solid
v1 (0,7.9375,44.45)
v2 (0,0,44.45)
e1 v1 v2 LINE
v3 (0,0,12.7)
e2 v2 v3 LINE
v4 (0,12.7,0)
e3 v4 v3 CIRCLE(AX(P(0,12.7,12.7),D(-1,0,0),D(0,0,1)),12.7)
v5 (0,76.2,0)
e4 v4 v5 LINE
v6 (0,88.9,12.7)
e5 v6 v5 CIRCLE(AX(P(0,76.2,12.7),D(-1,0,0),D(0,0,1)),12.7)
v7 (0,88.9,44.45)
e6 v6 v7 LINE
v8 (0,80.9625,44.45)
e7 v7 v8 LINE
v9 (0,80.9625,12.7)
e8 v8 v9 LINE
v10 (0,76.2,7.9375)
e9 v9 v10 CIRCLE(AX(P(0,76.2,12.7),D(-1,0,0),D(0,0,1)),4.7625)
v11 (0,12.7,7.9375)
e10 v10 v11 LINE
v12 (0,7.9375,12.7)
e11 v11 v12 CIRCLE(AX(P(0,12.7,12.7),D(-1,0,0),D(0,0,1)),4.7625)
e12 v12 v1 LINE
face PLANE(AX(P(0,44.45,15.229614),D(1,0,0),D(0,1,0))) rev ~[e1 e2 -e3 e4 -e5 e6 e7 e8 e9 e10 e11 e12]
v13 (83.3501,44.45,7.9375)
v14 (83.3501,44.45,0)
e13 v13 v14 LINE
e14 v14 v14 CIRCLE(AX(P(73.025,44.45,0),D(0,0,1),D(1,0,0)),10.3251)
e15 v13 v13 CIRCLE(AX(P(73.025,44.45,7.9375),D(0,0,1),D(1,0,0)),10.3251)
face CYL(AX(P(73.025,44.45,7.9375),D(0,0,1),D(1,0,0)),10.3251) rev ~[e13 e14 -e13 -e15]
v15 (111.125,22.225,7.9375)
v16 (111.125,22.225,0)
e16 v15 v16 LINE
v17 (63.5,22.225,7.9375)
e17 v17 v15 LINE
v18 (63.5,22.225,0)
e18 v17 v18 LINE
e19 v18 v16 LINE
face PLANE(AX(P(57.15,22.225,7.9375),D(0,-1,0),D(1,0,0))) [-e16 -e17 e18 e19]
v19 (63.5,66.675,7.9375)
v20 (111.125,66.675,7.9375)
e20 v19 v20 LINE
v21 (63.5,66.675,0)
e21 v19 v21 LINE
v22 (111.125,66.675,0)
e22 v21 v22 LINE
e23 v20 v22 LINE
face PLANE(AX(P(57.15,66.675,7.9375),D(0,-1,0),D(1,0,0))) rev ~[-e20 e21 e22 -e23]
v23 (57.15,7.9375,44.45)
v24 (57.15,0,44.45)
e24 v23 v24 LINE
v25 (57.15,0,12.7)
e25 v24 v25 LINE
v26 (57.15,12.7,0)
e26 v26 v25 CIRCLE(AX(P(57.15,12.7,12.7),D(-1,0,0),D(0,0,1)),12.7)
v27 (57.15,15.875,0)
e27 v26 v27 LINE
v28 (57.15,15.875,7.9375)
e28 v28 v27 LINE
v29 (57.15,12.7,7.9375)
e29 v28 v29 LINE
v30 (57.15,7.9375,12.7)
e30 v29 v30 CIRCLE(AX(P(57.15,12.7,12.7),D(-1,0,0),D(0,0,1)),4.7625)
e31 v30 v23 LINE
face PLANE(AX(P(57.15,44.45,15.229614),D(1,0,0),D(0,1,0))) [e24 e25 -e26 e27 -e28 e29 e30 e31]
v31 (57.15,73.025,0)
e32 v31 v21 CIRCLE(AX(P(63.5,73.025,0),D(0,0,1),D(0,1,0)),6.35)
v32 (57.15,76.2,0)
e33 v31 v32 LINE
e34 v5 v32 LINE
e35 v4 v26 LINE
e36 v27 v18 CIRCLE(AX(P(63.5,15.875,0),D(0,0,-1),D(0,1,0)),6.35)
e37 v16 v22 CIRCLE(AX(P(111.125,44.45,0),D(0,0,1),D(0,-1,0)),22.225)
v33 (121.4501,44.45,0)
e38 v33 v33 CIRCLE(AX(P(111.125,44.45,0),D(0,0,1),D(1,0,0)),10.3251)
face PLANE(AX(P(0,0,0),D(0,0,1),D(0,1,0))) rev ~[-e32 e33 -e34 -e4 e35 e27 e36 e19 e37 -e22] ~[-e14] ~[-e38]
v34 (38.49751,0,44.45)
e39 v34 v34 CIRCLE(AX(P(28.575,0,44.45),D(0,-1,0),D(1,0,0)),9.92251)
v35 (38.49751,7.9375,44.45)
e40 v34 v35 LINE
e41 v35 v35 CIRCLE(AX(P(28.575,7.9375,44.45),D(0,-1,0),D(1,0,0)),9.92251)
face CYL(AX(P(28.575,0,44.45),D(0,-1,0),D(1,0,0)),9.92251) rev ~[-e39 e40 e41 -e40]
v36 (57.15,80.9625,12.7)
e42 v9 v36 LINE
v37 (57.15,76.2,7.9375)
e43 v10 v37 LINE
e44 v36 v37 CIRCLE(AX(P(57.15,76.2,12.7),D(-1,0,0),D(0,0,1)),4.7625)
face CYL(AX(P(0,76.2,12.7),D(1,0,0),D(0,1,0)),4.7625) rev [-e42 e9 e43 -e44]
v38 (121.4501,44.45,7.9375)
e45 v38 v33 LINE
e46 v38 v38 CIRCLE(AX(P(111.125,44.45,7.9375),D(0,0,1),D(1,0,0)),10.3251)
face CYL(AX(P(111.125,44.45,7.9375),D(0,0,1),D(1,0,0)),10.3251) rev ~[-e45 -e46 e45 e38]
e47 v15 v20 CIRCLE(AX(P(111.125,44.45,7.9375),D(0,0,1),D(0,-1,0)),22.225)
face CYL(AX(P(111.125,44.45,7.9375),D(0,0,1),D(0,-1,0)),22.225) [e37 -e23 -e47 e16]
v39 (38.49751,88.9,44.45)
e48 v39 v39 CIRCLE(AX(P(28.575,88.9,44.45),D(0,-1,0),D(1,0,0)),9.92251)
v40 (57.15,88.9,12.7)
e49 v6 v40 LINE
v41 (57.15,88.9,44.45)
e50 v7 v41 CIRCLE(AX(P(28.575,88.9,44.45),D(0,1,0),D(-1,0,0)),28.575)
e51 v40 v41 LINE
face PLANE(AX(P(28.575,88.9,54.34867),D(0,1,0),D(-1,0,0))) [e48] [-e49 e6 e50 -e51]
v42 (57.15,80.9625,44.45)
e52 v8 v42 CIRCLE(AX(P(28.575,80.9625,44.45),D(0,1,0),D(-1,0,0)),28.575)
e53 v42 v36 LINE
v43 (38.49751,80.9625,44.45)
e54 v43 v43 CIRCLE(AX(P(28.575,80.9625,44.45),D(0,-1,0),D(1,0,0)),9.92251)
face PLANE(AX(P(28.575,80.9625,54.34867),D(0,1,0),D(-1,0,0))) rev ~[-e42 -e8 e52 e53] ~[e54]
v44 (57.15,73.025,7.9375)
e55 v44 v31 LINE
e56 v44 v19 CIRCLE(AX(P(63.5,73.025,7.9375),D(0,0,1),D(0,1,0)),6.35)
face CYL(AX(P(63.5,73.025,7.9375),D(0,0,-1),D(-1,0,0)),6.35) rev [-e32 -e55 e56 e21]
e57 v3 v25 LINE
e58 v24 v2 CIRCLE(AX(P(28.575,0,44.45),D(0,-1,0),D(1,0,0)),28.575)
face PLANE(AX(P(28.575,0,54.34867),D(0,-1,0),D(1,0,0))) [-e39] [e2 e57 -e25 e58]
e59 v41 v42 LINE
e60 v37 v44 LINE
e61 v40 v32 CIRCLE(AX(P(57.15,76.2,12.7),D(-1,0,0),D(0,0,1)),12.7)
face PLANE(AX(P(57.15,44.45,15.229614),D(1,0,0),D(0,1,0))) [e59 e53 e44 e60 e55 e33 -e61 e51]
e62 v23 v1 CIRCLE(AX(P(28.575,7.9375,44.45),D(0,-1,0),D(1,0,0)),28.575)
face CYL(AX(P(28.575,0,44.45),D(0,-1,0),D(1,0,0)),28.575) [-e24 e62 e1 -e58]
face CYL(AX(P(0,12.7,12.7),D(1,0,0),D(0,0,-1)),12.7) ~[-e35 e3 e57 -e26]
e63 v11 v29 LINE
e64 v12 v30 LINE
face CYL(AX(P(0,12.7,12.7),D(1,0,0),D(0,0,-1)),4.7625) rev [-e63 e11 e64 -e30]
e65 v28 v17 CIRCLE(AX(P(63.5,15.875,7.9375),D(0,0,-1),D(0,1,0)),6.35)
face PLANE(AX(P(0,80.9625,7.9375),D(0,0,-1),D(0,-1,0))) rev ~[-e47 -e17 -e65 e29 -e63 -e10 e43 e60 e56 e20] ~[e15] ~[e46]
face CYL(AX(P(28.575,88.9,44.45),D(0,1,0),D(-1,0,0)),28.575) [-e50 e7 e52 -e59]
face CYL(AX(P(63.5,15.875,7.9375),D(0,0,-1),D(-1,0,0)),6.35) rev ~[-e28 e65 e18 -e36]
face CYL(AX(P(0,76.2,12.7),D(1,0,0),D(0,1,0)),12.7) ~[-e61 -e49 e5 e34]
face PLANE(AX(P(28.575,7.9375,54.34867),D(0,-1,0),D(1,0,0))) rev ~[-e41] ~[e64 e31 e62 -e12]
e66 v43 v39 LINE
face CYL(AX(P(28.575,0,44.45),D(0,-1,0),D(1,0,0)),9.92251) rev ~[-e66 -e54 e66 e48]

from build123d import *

# Parameters (mm, degrees)
F1_DEPTH  = 57.15
F3_DEPTH  = 7.9375
F5_DEPTH  = 7.9375
F6_R      = 9.92251
F7_DEPTH  = 88.901
F8_W      = 53.975
F8_H      = 44.45
F9_DEPTH  = 7.9375
F10_R     = 10.3251
F11_DEPTH = 7.9385
F12_R     = 4.7625
F13_R     = 12.7
F14_R     = 6.35


with BuildPart() as f1:
    # F0 (on Right) → F1 (new body)
    with BuildSketch(Plane.YZ):
        Polygon((0, 44.45), (0, 0), (88.9, 0), (88.9, 44.45), (80.9625, 44.45), (80.9625, 7.9375), (7.9375, 7.9375), (7.9375, 44.45), align=None)
    extrude(amount=F1_DEPTH)

    # F2 (on face) → F3 (join)
    with BuildSketch(Plane.XZ):
        with BuildLine():
            Line((0, 44.45), (57.15, 44.45))
            ThreePointArc((57.15, 44.45), (28.575, 73.025), (0, 44.45))
        make_face()
    extrude(amount=-F3_DEPTH)

    # F4 (on face) → F5 (join)
    with BuildSketch(Plane(origin=(0, 88.9, 0), x_dir=(-1, 0, 0), z_dir=(0, 1, 0))):
        with BuildLine():
            Line((-57.15, 44.45), (0, 44.45))
            ThreePointArc((0, 44.45), (-28.575, 73.025), (-57.15, 44.45))
        make_face()
    extrude(amount=-F5_DEPTH)

    # F6 (on face) → F7 (cut, through all)
    with BuildSketch(Plane.XZ):
        with Locations((28.575, 44.45)):
            Circle(F6_R)
    extrude(amount=-F7_DEPTH, mode=Mode.SUBTRACT)

    # F8 (on face) → F9 (join)
    with BuildSketch(Plane.XY.offset(7.9375)):
        with Locations((84.1375, 44.45)):
            Rectangle(F8_W, F8_H)
        with BuildLine():
            Line((111.125, 66.675), (111.125, 22.225))
            ThreePointArc((111.125, 22.225), (133.35, 44.45), (111.125, 66.675))
        make_face()
    extrude(amount=-F9_DEPTH)

    # F10 (on face) → F11 (cut, through all)
    with BuildSketch(Plane.XY.offset(7.9375)):
        with Locations((73.025, 44.45)):
            Circle(F10_R)
        with Locations((111.125, 44.45)):
            Circle(F10_R)
    extrude(amount=-F11_DEPTH, mode=Mode.SUBTRACT)

    # F12
    f12_edges = [f1.edges().sort_by_distance(p)[0] for p in [
        (28.575, 80.9625, 7.9375),
        (28.575, 7.9375, 7.9375),
    ]]
    fillet(f12_edges, radius=F12_R)

    # F13
    f13_edges = [f1.edges().sort_by_distance(p)[0] for p in [
        (28.575, 0, 0),
        (28.575, 88.9, 0),
    ]]
    fillet(f13_edges, radius=F13_R)

    # F14
    f14_edges = [f1.edges().sort_by_distance(p)[0] for p in [
        (57.15, 66.675, 3.96875),
        (57.15, 22.225, 3.96875),
    ]]
    fillet(f14_edges, radius=F14_R)


solid = f1.part
